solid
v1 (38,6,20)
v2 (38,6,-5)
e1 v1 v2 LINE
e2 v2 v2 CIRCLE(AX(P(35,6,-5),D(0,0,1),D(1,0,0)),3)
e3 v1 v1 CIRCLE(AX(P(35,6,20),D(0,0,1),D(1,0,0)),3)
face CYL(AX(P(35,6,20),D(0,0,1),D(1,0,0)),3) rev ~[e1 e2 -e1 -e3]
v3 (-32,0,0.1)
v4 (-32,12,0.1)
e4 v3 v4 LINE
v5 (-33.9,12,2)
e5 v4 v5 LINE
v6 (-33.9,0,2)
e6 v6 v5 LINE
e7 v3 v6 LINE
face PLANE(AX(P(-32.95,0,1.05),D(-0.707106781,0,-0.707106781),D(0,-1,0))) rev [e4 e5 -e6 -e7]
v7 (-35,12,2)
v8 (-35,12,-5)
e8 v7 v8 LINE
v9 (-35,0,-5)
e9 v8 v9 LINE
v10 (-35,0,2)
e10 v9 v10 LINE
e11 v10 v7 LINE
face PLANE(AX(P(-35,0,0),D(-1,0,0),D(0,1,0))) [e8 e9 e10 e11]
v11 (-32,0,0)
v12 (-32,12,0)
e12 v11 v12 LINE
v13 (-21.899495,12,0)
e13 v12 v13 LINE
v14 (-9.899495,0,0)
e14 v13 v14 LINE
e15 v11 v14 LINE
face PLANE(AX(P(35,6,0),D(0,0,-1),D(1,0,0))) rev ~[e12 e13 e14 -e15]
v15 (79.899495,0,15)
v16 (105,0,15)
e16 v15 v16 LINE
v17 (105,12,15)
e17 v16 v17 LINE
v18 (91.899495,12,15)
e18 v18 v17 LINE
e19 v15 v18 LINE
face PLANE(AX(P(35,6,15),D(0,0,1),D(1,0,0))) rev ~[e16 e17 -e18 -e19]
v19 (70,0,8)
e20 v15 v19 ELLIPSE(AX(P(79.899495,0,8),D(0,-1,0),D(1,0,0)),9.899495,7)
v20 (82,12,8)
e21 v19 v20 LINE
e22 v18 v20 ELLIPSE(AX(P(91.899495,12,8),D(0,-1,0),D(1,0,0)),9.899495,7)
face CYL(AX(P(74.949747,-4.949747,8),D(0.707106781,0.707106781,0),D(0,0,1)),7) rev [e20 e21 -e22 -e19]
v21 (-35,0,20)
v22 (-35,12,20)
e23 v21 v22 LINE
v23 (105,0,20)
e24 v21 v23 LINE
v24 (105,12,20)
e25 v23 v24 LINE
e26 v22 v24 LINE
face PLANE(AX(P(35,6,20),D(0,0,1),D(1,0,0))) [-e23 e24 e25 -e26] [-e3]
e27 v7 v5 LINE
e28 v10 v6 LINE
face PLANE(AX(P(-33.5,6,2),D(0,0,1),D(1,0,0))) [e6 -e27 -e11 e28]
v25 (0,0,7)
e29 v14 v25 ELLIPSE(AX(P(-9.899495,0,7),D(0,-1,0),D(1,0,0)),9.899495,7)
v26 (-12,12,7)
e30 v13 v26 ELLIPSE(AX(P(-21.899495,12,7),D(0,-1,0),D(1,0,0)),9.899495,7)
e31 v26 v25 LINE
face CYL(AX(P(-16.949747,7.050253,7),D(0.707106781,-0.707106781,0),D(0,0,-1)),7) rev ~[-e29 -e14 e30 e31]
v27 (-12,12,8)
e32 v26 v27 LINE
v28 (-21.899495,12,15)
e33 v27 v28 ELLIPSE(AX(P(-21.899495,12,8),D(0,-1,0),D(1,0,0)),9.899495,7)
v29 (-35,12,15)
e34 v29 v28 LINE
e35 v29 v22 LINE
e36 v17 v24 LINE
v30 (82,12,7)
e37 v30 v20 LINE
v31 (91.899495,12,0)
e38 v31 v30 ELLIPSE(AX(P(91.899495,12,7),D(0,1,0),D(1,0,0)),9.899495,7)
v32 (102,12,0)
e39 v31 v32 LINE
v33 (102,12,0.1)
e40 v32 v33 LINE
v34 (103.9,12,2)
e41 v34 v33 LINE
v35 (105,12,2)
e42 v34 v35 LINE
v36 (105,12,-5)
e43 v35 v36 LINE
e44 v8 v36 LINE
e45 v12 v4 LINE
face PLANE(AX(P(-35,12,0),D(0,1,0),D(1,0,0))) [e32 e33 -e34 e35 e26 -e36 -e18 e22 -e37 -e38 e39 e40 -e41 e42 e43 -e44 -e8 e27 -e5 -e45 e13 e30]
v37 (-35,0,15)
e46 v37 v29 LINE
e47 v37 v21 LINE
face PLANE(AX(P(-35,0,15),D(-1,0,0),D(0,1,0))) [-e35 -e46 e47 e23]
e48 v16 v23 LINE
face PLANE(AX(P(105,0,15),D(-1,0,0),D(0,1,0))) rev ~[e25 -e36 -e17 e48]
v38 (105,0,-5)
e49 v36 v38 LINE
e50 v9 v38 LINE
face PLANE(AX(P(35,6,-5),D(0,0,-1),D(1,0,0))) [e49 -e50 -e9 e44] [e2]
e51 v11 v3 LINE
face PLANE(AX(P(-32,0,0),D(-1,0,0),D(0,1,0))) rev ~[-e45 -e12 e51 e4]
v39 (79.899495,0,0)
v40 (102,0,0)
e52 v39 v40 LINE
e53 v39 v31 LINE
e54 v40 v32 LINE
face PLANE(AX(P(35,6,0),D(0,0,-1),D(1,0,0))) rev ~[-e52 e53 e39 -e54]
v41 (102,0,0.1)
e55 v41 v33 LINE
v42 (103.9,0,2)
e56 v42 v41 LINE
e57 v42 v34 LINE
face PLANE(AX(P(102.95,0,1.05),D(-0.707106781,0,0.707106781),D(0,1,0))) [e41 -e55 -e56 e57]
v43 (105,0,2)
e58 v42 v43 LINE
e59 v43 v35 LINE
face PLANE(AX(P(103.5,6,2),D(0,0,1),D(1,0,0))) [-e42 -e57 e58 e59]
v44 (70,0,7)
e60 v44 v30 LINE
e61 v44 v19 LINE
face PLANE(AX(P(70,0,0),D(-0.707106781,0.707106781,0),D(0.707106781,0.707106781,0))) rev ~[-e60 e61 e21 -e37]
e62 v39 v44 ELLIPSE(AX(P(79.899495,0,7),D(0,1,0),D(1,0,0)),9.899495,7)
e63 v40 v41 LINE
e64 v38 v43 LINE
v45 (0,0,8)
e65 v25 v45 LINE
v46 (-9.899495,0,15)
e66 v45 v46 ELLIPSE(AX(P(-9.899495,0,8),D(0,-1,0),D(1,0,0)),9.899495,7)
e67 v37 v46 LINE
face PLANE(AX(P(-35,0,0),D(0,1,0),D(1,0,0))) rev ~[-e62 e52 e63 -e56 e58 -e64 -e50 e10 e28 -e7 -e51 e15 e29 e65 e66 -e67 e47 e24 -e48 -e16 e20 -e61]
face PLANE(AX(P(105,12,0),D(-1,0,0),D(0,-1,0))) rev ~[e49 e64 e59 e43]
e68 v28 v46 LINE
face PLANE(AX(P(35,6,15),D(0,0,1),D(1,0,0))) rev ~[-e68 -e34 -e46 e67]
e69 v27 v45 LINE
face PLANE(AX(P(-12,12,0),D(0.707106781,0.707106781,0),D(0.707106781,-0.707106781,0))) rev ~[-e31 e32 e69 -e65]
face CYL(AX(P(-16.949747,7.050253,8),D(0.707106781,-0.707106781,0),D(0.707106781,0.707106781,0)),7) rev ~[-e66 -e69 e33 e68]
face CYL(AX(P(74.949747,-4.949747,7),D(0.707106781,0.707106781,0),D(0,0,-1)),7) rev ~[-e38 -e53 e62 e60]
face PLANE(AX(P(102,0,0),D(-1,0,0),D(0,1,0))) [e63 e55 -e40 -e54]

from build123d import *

# Parameters (mm, degrees)
PAD_DEPTH    = 15
SKETCH001_W  = 140
SKETCH001_H  = 12
PAD001_DEPTH = 5
SKETCH002_W  = 140
SKETCH002_H  = 12
PAD002_DEPTH = 5
FILLET_R     = 7
SKETCH003_R  = 3
POCKET_DEPTH = 25.001
SKETCH004_W  = 3
SKETCH004_H  = 12
PAD003_DEPTH = 2
CHAMFER_SIZE = 1.9


with BuildPart() as part:
    # Sketch → Pad (new body)
    with BuildSketch(Plane.XY):
        Polygon((0, 0), (70, 0), (82, 12), (-12, 12), align=None)
    extrude(amount=PAD_DEPTH)

    # Sketch001 (on Face6 of Pad) → Pad001 (join)
    with BuildSketch(Plane.XY.offset(15)):
        with Locations((35, 6)):
            Rectangle(SKETCH001_W, SKETCH001_H)
    extrude(amount=PAD001_DEPTH)

    # Sketch002 (on Face11 of Pad001) → Pad002 (join)
    with BuildSketch(Plane(origin=(0, 0, 0), x_dir=(1, 0, 0), z_dir=(0, 0, -1))):
        with Locations((35, -6)):
            Rectangle(SKETCH002_W, SKETCH002_H)
    extrude(amount=PAD002_DEPTH)

    # Fillet
    fillet_edges = [part.edges().sort_by_distance(p)[0] for p in [
        (76, 6, 15),
        (-6, 6, 15),
        (-6, 6, 0),
        (76, 6, 0),
    ]]
    fillet(fillet_edges, radius=FILLET_R)

    # Sketch003 (on Face20 of Fillet) → Pocket (cut, through all)
    with BuildSketch(Plane.XY.offset(20)):
        with Locations((35, 6)):
            Circle(SKETCH003_R)
    extrude(amount=-POCKET_DEPTH, mode=Mode.SUBTRACT)

    # Sketch004 (on Face7 of Pocket) → Pad003 (join)
    with BuildSketch(Plane.XY):
        with Locations((-33.5, 6)):
            Rectangle(SKETCH004_W, SKETCH004_H)
        with Locations((103.5, 6)):
            Rectangle(SKETCH004_W, SKETCH004_H)
    extrude(amount=PAD003_DEPTH)

    # Chamfer
    chamfer_edges = [part.edges().sort_by_distance(p)[0] for p in [
        (-32, 6, 2),
        (102, 6, 2),
    ]]
    chamfer(chamfer_edges, length=CHAMFER_SIZE)


solid = part.part
